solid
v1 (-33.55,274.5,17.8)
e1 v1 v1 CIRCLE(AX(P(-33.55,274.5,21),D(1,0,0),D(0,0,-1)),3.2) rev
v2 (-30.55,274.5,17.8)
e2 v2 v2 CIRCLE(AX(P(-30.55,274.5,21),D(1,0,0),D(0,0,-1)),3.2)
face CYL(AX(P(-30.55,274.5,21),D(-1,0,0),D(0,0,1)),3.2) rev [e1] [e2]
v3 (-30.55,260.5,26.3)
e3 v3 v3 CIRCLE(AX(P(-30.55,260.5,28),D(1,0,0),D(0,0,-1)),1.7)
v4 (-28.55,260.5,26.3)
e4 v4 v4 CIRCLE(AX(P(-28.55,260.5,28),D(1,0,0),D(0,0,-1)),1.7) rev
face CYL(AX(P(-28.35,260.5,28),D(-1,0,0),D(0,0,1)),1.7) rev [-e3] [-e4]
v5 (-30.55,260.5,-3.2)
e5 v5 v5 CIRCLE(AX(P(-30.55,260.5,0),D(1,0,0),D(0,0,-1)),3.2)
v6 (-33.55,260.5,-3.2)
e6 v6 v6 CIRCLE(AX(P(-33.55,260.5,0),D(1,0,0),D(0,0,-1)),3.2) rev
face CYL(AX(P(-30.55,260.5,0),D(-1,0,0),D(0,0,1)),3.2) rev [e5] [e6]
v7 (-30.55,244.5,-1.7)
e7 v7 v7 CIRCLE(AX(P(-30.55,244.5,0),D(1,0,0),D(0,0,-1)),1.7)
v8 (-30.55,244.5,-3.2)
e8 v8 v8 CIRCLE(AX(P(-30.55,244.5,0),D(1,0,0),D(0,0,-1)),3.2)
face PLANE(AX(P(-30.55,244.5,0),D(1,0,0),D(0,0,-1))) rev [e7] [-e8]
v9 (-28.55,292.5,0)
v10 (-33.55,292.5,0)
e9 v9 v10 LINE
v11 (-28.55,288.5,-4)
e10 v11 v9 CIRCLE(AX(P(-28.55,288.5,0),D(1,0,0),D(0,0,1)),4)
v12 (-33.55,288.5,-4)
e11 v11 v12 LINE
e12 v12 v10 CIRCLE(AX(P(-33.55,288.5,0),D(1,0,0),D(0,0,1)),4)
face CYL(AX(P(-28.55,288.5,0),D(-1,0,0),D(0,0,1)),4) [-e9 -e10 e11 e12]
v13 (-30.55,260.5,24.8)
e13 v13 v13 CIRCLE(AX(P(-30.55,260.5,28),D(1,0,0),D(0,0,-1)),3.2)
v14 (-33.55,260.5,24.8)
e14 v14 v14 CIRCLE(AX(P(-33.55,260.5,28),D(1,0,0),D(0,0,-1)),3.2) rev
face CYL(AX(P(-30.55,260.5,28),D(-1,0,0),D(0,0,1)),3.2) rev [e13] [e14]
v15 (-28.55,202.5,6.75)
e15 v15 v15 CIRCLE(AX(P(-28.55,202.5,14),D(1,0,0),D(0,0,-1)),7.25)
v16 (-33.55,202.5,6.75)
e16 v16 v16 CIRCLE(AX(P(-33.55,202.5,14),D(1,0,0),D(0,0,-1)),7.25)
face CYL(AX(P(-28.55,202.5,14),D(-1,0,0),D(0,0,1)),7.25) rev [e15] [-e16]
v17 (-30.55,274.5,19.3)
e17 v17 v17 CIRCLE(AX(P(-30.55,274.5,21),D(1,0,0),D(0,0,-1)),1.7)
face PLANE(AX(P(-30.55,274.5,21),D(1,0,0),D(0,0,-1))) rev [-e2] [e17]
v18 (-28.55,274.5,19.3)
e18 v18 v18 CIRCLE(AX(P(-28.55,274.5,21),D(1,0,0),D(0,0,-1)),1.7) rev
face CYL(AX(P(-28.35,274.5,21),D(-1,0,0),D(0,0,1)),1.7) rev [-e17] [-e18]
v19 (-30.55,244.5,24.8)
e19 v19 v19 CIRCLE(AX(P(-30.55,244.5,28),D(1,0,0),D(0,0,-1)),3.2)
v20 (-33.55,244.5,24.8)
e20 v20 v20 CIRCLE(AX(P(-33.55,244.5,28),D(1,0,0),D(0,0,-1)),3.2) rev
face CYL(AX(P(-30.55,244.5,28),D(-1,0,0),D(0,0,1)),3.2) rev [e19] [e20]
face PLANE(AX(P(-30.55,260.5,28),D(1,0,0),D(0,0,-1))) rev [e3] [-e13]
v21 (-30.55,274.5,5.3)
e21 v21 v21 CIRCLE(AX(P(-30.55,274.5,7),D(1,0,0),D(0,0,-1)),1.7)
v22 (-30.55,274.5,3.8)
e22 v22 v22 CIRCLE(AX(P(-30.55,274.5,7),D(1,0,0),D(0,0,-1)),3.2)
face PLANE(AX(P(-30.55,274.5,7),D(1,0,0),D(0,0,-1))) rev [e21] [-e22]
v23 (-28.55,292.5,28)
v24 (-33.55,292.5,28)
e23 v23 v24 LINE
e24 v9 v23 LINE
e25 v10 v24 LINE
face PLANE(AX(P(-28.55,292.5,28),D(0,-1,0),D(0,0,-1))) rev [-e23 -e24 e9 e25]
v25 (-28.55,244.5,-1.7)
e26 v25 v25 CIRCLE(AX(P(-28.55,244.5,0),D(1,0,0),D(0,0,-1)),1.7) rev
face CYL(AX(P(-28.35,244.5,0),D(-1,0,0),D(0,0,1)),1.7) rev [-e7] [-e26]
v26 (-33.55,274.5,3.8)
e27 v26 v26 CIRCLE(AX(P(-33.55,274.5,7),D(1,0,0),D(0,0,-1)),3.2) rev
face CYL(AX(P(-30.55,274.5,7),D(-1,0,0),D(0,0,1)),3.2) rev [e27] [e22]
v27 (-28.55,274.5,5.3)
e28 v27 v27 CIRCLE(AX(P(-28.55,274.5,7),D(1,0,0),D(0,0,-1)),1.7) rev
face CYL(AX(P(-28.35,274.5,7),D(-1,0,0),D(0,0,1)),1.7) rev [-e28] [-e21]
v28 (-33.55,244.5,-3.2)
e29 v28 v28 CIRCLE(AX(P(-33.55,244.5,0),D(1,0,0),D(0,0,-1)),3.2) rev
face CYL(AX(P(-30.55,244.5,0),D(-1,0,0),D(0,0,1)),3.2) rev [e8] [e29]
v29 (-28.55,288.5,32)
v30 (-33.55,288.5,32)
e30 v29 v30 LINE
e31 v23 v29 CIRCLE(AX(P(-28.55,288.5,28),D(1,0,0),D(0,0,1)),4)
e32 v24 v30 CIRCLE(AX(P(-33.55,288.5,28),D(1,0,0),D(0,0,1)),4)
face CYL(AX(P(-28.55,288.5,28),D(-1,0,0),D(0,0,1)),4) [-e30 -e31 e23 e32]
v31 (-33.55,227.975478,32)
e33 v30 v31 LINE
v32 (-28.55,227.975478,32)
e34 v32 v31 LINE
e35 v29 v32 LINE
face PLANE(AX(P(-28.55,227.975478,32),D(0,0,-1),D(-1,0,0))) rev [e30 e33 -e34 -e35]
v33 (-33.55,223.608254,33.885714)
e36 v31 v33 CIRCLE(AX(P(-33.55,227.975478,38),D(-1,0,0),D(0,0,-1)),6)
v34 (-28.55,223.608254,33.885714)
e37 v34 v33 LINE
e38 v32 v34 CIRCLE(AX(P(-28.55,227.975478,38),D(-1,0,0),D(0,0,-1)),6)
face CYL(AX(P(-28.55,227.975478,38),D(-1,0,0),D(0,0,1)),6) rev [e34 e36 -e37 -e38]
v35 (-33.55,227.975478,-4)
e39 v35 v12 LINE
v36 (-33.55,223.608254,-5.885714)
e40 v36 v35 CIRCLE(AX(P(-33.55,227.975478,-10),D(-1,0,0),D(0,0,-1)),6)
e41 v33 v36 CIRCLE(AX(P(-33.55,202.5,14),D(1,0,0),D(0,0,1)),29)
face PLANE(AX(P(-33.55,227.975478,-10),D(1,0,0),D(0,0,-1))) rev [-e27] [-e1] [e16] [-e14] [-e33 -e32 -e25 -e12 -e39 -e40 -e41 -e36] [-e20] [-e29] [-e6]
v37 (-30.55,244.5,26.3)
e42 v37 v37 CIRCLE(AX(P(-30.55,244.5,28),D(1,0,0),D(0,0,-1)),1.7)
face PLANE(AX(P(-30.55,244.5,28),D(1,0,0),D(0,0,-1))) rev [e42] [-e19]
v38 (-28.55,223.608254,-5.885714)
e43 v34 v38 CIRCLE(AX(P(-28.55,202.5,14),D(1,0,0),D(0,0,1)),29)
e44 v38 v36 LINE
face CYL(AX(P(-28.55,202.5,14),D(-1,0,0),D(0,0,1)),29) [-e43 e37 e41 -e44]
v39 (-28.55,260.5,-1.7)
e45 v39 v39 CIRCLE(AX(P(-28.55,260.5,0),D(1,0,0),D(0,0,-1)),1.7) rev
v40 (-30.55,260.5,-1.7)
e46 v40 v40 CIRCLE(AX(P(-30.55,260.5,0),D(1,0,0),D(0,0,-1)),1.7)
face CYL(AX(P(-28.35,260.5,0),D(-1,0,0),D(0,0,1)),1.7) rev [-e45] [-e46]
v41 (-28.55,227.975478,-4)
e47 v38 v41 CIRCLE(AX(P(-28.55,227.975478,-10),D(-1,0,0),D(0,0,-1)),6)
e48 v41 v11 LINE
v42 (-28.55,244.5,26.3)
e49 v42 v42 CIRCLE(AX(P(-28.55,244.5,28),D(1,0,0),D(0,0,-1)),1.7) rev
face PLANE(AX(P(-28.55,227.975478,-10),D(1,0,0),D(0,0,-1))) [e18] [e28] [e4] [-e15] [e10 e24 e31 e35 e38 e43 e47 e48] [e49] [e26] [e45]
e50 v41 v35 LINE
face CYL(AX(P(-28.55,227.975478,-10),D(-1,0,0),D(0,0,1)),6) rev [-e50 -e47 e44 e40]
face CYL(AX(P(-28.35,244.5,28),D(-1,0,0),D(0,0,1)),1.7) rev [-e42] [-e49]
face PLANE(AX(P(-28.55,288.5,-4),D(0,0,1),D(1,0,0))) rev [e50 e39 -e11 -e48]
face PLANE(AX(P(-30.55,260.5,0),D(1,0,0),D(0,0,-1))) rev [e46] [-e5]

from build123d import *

# Parameters (mm, degrees)
PLATE_START        = -33.55
SKETCH1_R          = 7.25
PLATE_I_DEPTH      = 5
BOLT_START         = -33.75
SKETCH2_R          = 1.7
BOLT_HOLES_DEPTH   = 5.4
COUNTERBORES_START = -33.75
SKETCH3_R          = 3.2
COUNTERBORES_DEPTH = 3.2


with BuildPart() as part:
    # Sketch1 → Plate I (new body)
    with BuildSketch(Plane(origin=(0, 0, 0), x_dir=(0, 0, -1), z_dir=(1, 0, 0)).offset(PLATE_START)):
        with BuildLine():
            Line((-32, 227.975478406), (-32, 288.5))
            ThreePointArc((-32, 288.5), (-30.828427125, 291.328427125), (-28, 292.5))
            Line((-28, 292.5), (0, 292.5))
            ThreePointArc((0, 292.5), (2.828427125, 291.328427125), (4, 288.5))
            Line((4, 288.5), (4, 227.975478406))
            ThreePointArc((4, 227.975478406), (4.49156491, 225.597003504), (5.885714286, 223.608253536))
            ThreePointArc((5.885714286, 223.608253536), (-14, 173.5), (-33.885714286, 223.608253536))
            ThreePointArc((-33.885714286, 223.608253536), (-32.49156491, 225.597003504), (-32, 227.975478406))
        make_face()
        with Locations((-14, 202.5)):
            Circle(SKETCH1_R, mode=Mode.SUBTRACT)
    extrude(amount=PLATE_I_DEPTH)

    # Sketch2 → Bolt holes (cut)
    with BuildSketch(Plane(origin=(0, 0, 0), x_dir=(0, 0, -1), z_dir=(1, 0, 0)).offset(BOLT_START)):
        with Locations((0, 244.5)):
            Circle(SKETCH2_R)
        with Locations((-28, 244.5)):
            Circle(SKETCH2_R)
        with Locations((0, 260.5)):
            Circle(SKETCH2_R)
        with Locations((-28, 260.5)):
            Circle(SKETCH2_R)
        with Locations((-7, 274.5)):
            Circle(SKETCH2_R)
        with Locations((-21, 274.5)):
            Circle(SKETCH2_R)
    extrude(amount=BOLT_HOLES_DEPTH, mode=Mode.SUBTRACT)

    # Sketch3 → Counterbores (cut)
    with BuildSketch(Plane(origin=(0, 0, 0), x_dir=(0, 0, -1), z_dir=(1, 0, 0)).offset(COUNTERBORES_START)):
        with Locations((0, 244.5)):
            Circle(SKETCH3_R)
        with Locations((-28, 244.5)):
            Circle(SKETCH3_R)
        with Locations((0, 260.5)):
            Circle(SKETCH3_R)
        with Locations((-28, 260.5)):
            Circle(SKETCH3_R)
        with Locations((-7, 274.5)):
            Circle(SKETCH3_R)
        with Locations((-21, 274.5)):
            Circle(SKETCH3_R)
    extrude(amount=COUNTERBORES_DEPTH, mode=Mode.SUBTRACT)


solid = part.part
